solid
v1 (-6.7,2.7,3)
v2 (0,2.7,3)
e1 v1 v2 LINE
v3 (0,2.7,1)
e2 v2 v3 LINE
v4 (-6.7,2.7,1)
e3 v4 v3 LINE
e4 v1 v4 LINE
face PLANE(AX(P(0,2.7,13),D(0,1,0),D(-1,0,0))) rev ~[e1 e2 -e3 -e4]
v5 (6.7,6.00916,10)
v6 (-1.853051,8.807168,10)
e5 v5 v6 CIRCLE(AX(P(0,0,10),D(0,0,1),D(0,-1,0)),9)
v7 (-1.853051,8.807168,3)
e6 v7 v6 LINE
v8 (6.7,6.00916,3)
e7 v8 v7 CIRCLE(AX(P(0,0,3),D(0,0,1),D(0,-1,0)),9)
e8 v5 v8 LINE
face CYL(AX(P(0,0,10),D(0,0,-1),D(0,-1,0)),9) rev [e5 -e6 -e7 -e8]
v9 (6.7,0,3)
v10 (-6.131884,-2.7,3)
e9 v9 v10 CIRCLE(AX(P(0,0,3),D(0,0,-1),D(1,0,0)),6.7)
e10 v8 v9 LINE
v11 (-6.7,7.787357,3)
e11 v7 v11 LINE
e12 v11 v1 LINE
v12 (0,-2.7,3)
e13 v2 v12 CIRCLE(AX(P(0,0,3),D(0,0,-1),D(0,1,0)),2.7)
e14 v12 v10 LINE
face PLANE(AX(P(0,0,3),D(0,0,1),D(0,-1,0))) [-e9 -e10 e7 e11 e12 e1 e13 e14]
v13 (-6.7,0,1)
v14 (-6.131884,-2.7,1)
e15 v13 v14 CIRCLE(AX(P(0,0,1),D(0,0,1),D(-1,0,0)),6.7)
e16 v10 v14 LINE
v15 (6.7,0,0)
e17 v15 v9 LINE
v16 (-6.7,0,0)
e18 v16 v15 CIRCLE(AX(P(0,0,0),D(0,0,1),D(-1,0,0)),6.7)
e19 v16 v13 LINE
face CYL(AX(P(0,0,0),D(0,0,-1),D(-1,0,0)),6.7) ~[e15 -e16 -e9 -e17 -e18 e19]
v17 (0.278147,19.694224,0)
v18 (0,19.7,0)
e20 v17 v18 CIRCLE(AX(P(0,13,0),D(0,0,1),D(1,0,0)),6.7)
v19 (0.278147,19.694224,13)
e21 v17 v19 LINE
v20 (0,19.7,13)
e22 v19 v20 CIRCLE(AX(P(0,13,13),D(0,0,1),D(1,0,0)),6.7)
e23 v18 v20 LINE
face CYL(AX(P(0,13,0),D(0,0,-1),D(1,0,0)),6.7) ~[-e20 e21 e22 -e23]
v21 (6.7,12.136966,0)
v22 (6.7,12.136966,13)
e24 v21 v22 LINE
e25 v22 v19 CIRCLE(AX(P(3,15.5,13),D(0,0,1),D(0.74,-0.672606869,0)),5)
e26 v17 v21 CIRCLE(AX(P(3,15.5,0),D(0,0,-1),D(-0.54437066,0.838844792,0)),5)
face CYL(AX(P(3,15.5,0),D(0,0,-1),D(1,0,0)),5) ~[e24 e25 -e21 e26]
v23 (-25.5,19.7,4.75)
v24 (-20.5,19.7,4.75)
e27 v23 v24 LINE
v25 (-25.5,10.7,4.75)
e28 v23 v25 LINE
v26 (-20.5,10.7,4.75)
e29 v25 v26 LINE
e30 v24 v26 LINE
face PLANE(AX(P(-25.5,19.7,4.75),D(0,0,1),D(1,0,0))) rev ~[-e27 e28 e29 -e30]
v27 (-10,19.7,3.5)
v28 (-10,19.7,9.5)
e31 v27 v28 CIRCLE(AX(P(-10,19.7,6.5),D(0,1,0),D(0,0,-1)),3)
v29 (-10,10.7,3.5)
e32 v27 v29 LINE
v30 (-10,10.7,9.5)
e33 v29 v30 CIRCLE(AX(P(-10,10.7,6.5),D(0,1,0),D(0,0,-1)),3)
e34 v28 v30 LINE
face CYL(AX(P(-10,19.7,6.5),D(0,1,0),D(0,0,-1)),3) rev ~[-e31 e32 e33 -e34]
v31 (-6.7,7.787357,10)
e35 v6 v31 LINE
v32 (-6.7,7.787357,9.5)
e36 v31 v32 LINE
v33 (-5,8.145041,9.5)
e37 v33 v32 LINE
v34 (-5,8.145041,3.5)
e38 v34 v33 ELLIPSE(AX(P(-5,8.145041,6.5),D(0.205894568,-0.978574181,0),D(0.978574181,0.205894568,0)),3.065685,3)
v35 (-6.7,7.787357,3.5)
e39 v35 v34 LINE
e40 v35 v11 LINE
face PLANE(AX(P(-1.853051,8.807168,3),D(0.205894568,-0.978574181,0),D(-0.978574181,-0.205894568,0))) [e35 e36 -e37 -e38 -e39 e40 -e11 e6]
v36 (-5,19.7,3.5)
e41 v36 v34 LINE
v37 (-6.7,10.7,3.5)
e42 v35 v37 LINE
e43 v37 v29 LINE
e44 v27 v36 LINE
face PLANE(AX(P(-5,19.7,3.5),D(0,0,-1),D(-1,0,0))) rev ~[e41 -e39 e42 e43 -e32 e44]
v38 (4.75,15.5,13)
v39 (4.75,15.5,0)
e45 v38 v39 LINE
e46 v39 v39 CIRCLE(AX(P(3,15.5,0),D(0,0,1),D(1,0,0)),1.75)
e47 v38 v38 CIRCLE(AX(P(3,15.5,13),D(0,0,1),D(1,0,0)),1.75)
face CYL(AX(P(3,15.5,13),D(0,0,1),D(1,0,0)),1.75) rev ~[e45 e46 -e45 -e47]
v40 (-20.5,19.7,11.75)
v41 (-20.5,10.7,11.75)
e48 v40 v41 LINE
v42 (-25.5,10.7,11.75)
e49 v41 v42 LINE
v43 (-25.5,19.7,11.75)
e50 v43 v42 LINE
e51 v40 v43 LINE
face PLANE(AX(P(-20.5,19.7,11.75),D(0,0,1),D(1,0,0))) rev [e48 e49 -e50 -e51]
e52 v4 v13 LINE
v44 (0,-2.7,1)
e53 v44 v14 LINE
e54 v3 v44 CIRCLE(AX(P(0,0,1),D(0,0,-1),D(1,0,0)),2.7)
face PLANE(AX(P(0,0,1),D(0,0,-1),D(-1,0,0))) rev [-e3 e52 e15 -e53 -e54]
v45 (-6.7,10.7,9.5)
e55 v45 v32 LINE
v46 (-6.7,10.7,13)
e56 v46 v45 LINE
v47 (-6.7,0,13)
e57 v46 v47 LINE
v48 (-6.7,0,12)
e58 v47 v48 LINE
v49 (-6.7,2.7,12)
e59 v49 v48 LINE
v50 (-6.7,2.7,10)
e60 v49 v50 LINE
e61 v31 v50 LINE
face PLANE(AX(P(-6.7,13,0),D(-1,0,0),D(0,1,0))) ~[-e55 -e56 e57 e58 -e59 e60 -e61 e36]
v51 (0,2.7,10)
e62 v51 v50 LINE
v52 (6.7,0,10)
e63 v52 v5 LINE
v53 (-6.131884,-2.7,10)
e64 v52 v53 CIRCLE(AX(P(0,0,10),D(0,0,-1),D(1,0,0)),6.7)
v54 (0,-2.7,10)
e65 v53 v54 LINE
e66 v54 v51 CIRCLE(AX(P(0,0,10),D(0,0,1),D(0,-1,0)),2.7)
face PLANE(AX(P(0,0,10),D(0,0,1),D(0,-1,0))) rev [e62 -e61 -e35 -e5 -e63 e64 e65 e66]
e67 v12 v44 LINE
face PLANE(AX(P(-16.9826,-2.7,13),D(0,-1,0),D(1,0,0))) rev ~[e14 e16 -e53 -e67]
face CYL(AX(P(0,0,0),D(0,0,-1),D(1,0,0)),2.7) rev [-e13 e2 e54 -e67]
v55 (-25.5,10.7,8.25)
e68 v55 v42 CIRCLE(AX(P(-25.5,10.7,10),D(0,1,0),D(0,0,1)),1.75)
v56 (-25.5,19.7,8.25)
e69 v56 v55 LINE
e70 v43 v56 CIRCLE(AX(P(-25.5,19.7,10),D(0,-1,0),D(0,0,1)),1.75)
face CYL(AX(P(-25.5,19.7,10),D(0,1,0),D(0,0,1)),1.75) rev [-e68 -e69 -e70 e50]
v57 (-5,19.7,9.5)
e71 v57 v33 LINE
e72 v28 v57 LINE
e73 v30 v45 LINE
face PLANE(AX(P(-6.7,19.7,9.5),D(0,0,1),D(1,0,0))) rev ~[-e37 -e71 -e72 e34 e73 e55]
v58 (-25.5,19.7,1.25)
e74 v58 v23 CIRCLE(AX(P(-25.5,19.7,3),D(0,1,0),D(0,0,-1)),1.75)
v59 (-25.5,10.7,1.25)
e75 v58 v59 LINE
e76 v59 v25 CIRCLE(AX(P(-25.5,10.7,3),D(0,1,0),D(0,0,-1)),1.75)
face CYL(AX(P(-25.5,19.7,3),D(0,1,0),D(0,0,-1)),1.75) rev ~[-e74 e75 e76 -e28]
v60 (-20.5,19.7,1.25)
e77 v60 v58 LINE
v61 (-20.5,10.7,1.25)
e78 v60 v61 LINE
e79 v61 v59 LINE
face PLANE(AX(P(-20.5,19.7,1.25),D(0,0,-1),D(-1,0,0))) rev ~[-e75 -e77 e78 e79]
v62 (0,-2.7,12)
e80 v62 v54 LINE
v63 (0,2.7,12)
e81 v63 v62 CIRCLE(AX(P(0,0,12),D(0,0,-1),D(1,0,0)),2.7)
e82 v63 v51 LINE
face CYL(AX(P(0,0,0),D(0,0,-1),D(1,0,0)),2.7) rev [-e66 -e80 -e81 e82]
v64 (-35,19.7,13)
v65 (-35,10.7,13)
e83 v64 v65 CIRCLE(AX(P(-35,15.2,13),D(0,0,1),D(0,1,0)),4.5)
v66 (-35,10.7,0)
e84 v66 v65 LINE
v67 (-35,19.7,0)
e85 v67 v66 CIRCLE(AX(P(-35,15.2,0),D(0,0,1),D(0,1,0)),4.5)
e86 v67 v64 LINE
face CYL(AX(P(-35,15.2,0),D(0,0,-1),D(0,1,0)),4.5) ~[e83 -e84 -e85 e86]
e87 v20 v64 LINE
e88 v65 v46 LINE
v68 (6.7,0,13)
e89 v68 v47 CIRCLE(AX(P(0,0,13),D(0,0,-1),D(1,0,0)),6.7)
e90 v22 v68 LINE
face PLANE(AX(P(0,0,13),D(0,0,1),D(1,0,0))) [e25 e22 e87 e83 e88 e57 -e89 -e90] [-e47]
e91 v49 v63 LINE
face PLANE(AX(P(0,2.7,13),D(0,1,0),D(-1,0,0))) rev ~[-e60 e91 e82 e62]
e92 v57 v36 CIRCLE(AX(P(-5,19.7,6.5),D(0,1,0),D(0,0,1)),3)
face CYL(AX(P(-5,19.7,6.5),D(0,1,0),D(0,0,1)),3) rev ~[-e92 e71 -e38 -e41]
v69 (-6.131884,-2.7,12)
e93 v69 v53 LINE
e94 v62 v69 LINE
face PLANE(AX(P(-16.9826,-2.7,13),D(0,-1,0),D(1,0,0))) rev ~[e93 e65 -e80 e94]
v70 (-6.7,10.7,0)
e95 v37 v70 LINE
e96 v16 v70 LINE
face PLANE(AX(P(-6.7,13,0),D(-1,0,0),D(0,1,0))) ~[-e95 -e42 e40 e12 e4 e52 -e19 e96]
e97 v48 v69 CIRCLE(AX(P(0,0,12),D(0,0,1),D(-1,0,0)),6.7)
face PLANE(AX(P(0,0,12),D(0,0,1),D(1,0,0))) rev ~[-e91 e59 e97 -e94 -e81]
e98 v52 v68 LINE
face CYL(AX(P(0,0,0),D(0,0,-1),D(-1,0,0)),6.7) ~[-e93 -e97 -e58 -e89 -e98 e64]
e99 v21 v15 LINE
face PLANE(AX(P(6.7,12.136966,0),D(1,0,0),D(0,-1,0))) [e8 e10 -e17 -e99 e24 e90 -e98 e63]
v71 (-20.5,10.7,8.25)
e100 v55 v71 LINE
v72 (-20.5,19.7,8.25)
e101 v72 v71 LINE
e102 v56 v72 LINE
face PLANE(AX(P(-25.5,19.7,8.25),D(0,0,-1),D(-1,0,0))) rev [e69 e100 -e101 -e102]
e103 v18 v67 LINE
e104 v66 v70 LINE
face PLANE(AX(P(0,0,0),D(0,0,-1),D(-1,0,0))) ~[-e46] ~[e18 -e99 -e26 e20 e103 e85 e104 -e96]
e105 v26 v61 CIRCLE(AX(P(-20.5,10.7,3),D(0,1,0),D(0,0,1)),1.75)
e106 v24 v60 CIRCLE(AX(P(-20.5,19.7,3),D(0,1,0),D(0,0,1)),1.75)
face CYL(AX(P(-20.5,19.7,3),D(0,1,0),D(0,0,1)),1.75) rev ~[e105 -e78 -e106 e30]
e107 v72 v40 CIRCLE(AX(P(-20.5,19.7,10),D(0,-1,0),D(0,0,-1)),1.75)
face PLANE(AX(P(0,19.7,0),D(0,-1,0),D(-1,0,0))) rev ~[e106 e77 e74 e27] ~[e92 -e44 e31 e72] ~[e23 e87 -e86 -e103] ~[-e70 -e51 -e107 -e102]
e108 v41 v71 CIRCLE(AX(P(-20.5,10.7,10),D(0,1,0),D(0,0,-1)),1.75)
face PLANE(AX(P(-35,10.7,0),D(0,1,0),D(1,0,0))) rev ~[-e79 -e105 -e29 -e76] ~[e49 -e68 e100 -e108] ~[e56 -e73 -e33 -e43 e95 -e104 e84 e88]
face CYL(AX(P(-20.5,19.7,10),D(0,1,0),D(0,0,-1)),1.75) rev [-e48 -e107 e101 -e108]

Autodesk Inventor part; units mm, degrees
ref_plane "YZ Plane" through (0, 0, 0) normal (1, 0, 0) x (0, 1, 0)
ref_plane "XZ Plane" through (0, 0, 0) normal (0, 1, 0) x (-1, 0, 0)
ref_plane "XY Plane" through (0, 0, 0) normal (0, 0, 1) x (1, 0, 0)
sketch "Sketch1" plane through (0, 0, 0) normal (0, 0, 1) x (1, 0, 0)
  circle A0 centre (0, 0) radius 2.7
  line L0 (0, 0) -> (0, 13) construction
  line L1 (-6.7, 0) -> (-6.7, 13)
  line L2 (6.7, 13) -> (6.7, 0)
  arc A1 (-6.7, 0) -> (6.7, 0) centre (0, 0) ccw
  arc A2 (6.7, 13) -> (-6.7, 13) centre (0, 13) ccw
  circle A3 centre (0, 0) radius 2.5 construction
  line L3 (-35, 15.2) -> (0, 15.2) construction
  line L4 (-35, 10.7) -> (0, 10.7)
  line L5 (0, 19.7) -> (-35, 19.7)
  arc A4 (-35, 19.7) -> (-35, 10.7) centre (-35, 15.2) ccw
  arc A5 (0, 10.7) -> (0, 19.7) centre (0, 15.2) ccw
  line L6 (0, 13) -> (0, 19.7) construction
  circle A6 centre (3, 15.5) radius 1.5 construction
  circle A7 centre (3, 15.5) radius 5
  point P0 (0, 6.5)
  point P1 (-17.5, 15.2)
  dimension "d2" = 0.2
  dimension "d3" = 4
  dimension "d5" = 13
  dimension "d10" = 9
  dimension "d11" = 35
  dimension "d12" = 10
extrude "Extrusion1" add sketch "Sketch1" along normal blind 13
sketch "Sketch8" plane through (0, 0, 13) normal (0, 0, 1) x (1, 0, 0)
  line L0 (0, 2.7) -> (-16.9826, 2.7)
  line L1 (-16.9826, -2.7) -> (0, -2.7)
  arc A0 (0, -2.7) -> (0, 2.7) centre (0, 0) ccw
  arc A1 (-16.9826, 2.7) -> (-16.9826, -2.7) centre (-16.9826, 0) ccw
  circle A2 centre (0, 0) radius 2.7 construction
  line L2 (-16.9826, 0) -> (0, 0) construction
  point P0 (-3.3627, 0)
  dimension "d25" = 16.9826
extrude "Extrusion6" cut sketch "Sketch8" against normal through all
sketch "Sketch9" plane through (0, 0, 13) normal (0, 0, 1) x (1, 0, 0)
  arc A0 (0, -2.7) -> (0, 2.7) centre (0, 0) ccw construction
  arc A1 (-6.1319, -2.7) -> (6.7, 0) centre (0, 0) ccw construction
  line L0 (0, 0) -> (0, 13) construction
  line L1 (6.7, 0) -> (6.7, 13)
  line L2 (-6.7, 13) -> (-6.7, 0)
  arc A2 (-6.7, 0) -> (6.7, 0) centre (0, 0) ccw
  arc A3 (6.7, 13) -> (-6.7, 13) centre (0, 13) ccw construction
  line L3 (0, 19.7) -> (-35, 19.7) projected
  line L4 (-6.7, 13) -> (6.7, 13)
  point P0 (0, 6.5)
extrude "Extrusion7" add sketch "Sketch9" against normal blind 1
ref_plane "Work Plane1" through (0, 0, 6.5) normal (0, 0, 1) x (1, 0, 0)
mirror "Mirror3" about plane through (0, 0, 6.5) normal (0, 0, 1) of "Extrusion7"
sketch "Sketch2" plane through (-35, 19.7, 0) normal (0, 1, 0) x (1, 0, 0)
  circle A0 centre (12, -3) radius 1.6 construction
  line L0 (52.5, -6.5) -> (-14, -6.5) construction
  line L1 (9.5, -3) -> (14.5, -3) construction
  line L2 (9.5, -4.75) -> (14.5, -4.75)
  line L3 (14.5, -1.25) -> (9.5, -1.25)
  arc A1 (9.5, -1.25) -> (9.5, -4.75) centre (9.5, -3) ccw
  arc A2 (14.5, -4.75) -> (14.5, -1.25) centre (14.5, -3) ccw
  point P0 (35, 0)
  dimension "d6" = 3.5
  dimension "d7" = 5
extrude "Extrusion2" cut sketch "Sketch2" against normal through all
ref_plane "Work Plane2" through (0, 0, 0) normal (1, 0, 0) x (0, 0, -1)
sketch "Sketch4" plane through (0, 0, 0) normal (1, 0, 0) x (0, 0, -1)
  line L0 (-4, -7.79) -> (-4, 7.79) construction
  line L1 (-8.79, -8) -> (-4.21, -8) construction
  line L2 (-9, -7.79) -> (-9, 7.79) construction
  line L3 (-8.79, 8) -> (-4.21, 8) construction
  line L4 (-4.21, 8) -> (-4, 8) construction
  line L5 (-4, 8) -> (-4, 7.79) construction
  line L6 (-9, -7.79) -> (-9, -8) construction
  line L7 (-9, -8) -> (-8.79, -8) construction
  line L8 (-4, 8) -> (-9, -8) construction
  line L9 (-10, -9) -> (-3, -9)
  line L10 (-3, -9) -> (-3, 9)
  line L11 (-3, 9) -> (-10, 9)
  line L12 (-10, 9) -> (-10, -9)
  line L13 (0, 0) -> (-13, 0) projected
  line L14 (-10, -9) -> (-3, 9) construction
  line L15 (-3, -9) -> (-10, 9) construction
  line L16 (-3, 0) -> (-10, 0)
  point P0 (-6.5, 0)
  dimension "d15" = 1
  dimension "d16" = 1
revolve "Revolution1" cut sketch "Sketch4" angle 360 about axis through (0, 0, 0) along (0, 0, 1) contours L12 L13 L10 L9
sketch "Sketch5" plane through (0, 0, 13) normal (0, 0, 1) x (1, 0, 0)
  arc A0 (6.7, 12.137) -> (0.2781, 19.6942) centre (3, 15.5) ccw construction
  circle A1 centre (3, 15.5) radius 1.75
  point P0 (0, 0)
  dimension "d18" = 3.5
extrude "Extrusion3" cut sketch "Sketch5" against normal through all
sketch "Sketch7" plane through (0, 0, 3) normal (0, 0, 1) x (0.9786, 0.2059, 0)
  line L0 (0, 0) -> (0, 9) construction
  arc A0 (7.7937, 4.5008) -> (-5.3191, 7.26) centre (0, 0) ccw construction
  line L1 (-6.7, -9) -> (6.7, -9)
  line L2 (6.7, -9) -> (6.7, 9)
  line L3 (6.7, 9) -> (-6.7, 9)
  line L4 (-6.7, 9) -> (-6.7, -9)
  line L5 (-6.7, -9) -> (6.7, 9) construction
  line L6 (6.7, -9) -> (-6.7, 9) construction
  line L7 (7.7937, 4.5008) -> (6.5564, -1.3796) construction
  line L8 (-6.7, -9) -> (0, -9)
  line L9 (0, -9) -> (0, 9)
  line L10 (0, 9) -> (-6.7, 9)
  line L11 (-6.7, 9) -> (-6.7, -9)
extrude "Extrusion5" cut sketch "Sketch7" along normal up to surface (7 mm away) contours L4 L3 L9 L1
mirror "Mirror4" about plane through (0, 0, 6.5) normal (0, 0, 1) of "Extrusion2"
sketch "Sketch10" plane through (-35, 19.7, 0) normal (0, 1, 0) x (1, 0, 0)
  circle A0 centre (27.5, -6.5) radius 4.35 construction
  line L0 (25, -6.5) -> (30, -6.5) construction
  line L1 (28.3, -3) -> (28.3, -10) projected
  line L2 (25, -9.5) -> (30, -9.5)
  line L3 (30, -3.5) -> (25, -3.5)
  arc A1 (25, -3.5) -> (25, -9.5) centre (25, -6.5) ccw
  arc A2 (30, -9.5) -> (30, -3.5) centre (30, -6.5) ccw
  point P0 (35, 0)
  dimension "d30" = 5
  dimension "d31" = 3
extrude "Extrusion8" cut sketch "Sketch10" against normal through all
properties part number "Extruder Clamp"
